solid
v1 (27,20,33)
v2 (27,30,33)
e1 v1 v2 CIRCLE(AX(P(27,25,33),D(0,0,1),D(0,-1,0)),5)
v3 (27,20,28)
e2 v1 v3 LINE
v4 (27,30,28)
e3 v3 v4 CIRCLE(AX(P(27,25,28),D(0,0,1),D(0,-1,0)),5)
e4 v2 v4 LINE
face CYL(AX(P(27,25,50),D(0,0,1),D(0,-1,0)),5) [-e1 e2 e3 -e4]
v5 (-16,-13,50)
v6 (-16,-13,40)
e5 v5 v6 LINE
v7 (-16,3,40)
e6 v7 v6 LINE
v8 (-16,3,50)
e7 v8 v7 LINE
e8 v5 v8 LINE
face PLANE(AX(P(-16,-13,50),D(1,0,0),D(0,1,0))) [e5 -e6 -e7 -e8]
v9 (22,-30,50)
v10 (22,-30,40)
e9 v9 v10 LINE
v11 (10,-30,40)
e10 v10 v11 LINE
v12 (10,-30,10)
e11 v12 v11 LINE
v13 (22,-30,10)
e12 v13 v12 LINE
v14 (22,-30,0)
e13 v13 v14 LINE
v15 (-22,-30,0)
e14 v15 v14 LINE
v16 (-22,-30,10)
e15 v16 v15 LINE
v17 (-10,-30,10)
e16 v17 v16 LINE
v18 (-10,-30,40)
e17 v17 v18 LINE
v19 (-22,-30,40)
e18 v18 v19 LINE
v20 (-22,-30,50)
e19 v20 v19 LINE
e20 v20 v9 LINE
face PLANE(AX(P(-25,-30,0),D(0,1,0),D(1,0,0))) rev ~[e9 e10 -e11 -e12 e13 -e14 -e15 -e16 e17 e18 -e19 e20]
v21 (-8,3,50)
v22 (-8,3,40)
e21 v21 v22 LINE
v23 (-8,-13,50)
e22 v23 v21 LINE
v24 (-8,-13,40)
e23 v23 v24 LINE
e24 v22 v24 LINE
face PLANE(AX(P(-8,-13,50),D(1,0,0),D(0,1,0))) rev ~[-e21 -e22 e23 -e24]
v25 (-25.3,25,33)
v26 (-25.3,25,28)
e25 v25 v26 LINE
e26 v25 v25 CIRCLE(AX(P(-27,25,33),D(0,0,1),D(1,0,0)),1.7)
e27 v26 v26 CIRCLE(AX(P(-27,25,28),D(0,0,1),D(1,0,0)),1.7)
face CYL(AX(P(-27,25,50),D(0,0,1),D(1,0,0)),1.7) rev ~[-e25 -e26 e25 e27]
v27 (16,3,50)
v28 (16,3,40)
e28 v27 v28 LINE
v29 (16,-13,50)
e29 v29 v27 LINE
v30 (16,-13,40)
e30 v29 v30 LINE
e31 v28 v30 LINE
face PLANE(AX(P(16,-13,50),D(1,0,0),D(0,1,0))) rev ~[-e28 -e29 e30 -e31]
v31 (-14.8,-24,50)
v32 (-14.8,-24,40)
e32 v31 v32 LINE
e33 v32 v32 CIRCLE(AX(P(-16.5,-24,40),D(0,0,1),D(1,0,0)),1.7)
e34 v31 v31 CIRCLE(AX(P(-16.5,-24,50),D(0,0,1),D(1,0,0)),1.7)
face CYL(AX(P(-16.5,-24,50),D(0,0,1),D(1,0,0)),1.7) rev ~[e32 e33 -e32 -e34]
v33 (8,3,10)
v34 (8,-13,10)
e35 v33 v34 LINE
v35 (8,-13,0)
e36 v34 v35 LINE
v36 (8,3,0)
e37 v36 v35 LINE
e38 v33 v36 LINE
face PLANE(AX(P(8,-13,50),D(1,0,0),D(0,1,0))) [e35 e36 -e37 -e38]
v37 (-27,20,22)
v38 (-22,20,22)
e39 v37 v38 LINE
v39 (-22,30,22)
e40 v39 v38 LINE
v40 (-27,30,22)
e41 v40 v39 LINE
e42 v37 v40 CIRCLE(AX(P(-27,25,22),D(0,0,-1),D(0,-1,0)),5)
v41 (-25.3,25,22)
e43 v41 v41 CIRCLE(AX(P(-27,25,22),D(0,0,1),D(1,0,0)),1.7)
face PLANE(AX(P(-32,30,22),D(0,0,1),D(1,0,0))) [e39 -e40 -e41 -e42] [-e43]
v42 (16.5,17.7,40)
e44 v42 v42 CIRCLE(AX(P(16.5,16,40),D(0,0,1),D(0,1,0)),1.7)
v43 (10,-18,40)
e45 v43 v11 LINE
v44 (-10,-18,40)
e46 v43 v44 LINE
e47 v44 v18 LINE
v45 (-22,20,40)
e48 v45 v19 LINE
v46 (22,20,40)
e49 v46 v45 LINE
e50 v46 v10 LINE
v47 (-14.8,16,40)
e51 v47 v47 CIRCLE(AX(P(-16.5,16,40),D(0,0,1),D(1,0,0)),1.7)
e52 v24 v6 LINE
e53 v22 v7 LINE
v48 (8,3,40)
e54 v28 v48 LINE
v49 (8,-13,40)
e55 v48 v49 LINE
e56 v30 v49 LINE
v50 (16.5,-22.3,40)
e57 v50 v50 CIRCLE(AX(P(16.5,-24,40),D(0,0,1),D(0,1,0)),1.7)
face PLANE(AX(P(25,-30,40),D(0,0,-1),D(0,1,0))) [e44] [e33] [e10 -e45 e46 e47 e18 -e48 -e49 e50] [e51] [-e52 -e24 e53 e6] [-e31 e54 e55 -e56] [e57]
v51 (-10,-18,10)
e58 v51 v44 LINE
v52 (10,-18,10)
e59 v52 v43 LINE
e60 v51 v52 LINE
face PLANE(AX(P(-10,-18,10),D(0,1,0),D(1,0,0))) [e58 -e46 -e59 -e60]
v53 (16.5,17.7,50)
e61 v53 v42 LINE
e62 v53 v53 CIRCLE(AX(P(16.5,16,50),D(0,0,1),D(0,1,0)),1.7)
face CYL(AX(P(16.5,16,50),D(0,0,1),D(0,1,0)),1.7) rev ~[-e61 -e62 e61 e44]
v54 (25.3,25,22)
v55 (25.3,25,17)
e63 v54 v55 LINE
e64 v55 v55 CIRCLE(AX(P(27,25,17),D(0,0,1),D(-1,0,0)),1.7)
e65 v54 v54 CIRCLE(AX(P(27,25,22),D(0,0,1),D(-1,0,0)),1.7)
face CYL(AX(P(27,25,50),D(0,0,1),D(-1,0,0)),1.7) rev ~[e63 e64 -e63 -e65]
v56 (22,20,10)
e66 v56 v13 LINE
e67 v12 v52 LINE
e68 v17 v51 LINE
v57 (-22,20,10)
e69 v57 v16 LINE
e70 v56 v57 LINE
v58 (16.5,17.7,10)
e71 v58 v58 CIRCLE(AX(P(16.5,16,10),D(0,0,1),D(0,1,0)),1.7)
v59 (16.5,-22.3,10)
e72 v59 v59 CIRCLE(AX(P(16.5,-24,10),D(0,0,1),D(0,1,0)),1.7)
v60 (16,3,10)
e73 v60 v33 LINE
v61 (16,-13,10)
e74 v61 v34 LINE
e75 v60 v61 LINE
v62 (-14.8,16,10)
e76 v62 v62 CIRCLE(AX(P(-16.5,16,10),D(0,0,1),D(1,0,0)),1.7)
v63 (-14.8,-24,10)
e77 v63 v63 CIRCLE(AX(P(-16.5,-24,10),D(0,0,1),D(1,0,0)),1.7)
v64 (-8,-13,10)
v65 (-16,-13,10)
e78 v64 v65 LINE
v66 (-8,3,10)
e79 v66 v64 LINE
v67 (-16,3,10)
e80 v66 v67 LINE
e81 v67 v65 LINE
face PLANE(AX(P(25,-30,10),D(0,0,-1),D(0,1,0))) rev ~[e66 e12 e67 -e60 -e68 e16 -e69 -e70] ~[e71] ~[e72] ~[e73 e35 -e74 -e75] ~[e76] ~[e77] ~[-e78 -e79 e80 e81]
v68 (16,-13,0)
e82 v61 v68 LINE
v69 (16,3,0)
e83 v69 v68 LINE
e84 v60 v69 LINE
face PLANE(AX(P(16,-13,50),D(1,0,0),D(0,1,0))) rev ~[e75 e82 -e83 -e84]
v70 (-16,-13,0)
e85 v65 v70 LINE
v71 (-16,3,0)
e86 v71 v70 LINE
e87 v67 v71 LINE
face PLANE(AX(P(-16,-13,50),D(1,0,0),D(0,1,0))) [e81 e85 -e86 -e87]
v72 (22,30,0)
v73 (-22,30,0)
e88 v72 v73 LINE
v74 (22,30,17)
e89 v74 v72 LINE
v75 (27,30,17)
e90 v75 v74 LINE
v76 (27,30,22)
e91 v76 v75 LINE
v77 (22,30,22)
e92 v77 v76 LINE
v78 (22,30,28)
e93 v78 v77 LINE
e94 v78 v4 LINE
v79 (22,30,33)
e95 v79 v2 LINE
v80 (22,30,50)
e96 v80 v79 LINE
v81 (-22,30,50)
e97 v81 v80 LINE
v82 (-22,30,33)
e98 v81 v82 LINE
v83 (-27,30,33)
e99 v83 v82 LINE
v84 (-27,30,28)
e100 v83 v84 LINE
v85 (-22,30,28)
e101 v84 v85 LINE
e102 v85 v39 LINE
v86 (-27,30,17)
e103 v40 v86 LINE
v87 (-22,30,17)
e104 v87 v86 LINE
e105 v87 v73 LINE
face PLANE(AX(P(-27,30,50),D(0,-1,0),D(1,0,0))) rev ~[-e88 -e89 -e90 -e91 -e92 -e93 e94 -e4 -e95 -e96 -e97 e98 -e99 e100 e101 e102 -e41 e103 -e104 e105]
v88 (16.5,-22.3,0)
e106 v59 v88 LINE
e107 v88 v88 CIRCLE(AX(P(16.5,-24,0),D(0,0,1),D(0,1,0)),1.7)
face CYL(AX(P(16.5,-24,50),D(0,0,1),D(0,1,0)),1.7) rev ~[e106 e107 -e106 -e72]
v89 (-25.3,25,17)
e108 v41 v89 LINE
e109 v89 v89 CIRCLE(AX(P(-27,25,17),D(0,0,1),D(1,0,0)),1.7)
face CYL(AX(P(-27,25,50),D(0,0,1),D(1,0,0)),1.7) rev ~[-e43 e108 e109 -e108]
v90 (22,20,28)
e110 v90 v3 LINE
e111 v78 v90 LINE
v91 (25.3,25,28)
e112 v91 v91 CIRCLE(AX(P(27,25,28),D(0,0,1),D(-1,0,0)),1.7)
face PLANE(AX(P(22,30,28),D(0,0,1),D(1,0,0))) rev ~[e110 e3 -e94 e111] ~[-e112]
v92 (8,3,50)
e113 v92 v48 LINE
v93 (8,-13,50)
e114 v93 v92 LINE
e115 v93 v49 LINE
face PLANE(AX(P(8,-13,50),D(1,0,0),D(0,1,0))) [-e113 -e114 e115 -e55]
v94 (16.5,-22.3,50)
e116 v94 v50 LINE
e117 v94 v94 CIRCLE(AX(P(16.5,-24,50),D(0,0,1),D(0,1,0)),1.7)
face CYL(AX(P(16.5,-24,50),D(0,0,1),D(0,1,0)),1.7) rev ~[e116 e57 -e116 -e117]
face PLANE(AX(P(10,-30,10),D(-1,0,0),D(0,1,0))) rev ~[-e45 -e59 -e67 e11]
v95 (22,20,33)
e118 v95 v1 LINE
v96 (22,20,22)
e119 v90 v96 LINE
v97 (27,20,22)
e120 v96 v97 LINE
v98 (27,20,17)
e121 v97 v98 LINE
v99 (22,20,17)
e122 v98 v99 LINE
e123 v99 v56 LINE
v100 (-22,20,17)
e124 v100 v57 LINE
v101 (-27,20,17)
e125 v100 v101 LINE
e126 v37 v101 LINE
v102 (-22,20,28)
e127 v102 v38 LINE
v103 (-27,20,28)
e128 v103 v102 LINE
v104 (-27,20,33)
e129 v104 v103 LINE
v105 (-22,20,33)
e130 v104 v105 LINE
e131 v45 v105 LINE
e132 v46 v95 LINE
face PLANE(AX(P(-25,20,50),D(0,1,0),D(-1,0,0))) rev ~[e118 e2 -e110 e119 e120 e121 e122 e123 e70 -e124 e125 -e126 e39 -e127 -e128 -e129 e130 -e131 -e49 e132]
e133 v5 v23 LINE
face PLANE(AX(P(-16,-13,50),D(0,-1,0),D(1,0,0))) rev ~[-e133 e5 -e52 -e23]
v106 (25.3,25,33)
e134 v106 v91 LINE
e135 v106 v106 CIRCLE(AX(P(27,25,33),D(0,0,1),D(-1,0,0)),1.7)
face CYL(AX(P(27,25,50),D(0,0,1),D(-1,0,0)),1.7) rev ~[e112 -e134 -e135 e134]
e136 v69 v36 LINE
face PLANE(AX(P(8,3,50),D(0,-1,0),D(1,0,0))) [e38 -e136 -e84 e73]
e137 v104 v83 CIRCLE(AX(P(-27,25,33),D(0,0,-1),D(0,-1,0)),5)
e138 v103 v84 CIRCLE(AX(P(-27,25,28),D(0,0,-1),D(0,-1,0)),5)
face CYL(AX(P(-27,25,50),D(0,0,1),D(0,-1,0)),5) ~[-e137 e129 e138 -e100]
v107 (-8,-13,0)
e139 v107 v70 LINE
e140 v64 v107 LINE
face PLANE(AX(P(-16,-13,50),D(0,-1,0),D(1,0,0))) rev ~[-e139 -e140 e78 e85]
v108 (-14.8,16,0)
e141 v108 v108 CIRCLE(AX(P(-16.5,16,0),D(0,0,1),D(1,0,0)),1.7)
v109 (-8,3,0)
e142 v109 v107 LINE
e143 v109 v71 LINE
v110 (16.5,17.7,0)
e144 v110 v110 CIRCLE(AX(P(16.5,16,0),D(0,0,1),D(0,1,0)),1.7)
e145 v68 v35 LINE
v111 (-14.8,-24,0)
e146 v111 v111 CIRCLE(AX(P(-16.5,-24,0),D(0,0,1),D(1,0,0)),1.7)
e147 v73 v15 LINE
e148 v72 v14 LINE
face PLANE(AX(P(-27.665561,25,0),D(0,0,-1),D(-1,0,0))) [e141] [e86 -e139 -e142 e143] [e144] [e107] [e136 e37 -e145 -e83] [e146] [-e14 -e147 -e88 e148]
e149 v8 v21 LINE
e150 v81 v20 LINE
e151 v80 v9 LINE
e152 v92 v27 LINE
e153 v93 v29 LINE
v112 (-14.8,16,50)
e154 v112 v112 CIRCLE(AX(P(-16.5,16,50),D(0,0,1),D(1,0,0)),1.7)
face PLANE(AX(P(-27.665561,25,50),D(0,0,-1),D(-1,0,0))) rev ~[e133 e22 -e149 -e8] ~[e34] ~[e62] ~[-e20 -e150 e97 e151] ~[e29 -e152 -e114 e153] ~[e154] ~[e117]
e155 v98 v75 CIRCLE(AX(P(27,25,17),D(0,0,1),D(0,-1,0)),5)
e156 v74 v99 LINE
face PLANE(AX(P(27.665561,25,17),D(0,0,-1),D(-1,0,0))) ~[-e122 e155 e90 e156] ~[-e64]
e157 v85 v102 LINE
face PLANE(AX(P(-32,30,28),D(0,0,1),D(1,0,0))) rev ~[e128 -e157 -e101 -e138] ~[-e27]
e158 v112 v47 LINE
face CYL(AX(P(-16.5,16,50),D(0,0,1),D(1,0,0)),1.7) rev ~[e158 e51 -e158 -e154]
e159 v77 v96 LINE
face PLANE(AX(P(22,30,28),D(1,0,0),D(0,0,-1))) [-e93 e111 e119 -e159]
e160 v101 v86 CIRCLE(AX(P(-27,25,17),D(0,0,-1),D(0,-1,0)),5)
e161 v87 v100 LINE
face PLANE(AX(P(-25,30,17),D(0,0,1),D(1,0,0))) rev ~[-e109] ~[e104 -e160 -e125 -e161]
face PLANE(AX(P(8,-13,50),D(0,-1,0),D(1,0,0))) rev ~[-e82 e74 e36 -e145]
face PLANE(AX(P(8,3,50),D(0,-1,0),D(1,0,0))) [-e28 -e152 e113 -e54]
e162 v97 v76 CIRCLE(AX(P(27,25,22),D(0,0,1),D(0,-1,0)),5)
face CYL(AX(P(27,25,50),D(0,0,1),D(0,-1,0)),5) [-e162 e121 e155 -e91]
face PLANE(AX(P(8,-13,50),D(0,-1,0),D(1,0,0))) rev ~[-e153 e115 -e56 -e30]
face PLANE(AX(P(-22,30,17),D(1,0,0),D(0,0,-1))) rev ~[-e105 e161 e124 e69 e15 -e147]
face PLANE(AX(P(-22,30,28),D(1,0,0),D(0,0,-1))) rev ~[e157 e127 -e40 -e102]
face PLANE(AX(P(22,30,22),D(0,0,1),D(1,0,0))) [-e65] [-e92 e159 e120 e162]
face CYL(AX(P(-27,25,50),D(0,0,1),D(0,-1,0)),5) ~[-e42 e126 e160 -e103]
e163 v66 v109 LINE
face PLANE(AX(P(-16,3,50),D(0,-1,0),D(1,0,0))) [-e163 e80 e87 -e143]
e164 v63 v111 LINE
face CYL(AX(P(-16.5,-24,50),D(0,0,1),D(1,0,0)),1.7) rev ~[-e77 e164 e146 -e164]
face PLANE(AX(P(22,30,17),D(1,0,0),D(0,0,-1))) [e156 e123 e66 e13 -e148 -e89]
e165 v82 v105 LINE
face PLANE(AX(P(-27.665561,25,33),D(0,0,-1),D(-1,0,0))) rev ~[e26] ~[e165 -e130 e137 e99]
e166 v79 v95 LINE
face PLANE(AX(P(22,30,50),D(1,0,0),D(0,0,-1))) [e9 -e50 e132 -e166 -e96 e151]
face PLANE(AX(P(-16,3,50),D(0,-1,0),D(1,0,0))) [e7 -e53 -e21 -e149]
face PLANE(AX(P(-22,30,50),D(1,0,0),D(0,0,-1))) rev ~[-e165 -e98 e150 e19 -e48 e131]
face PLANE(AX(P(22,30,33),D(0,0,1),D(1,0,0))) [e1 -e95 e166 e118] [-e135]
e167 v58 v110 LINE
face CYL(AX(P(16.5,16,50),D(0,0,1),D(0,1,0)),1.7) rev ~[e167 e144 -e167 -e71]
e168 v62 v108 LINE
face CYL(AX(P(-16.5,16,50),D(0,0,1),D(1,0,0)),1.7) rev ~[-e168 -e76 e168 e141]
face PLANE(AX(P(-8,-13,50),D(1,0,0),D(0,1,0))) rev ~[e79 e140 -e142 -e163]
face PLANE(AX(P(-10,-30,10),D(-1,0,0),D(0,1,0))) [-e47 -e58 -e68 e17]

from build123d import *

# Parameters (mm, degrees)
SKETCH1_W           = 50
SKETCH1_H           = 60
BOSS_EXTRUDE1_DEPTH = 50
SKETCH2_W           = 30
SKETCH2_H           = 50
CUT_EXTRUDE1_DEPTH  = 77.811457479
SKETCH3_R           = 1.7
CUT_EXTRUDE2_DEPTH  = 64.442887702
SKETCH4_R           = 1.7
BOSS_EXTRUDE2_DEPTH = 50
CUT_EXTRUDE3_DEPTH  = 17
SKETCH7_W           = 10
SKETCH7_H           = 6
CUT_EXTRUDE4_DEPTH  = 10
SKETCH8_W           = 3
SKETCH8_H           = 17
CUT_EXTRUDE5_DEPTH  = 85.403791384
BOSS_EXTRUDE3_REACH = 61.363
SKETCH10_W          = 20
SKETCH10_H          = 12
SKETCH12_W          = 8
SKETCH12_H          = 16
CUT_EXTRUDE6_DEPTH  = 67.513156593


with BuildPart() as part:
    # Sketch1 → Boss-Extrude1 (new body)
    with BuildSketch(Plane.XY):
        Rectangle(SKETCH1_W, SKETCH1_H)
    extrude(amount=BOSS_EXTRUDE1_DEPTH)

    # Sketch2 → Cut-Extrude1 (cut, through all)
    with BuildSketch(Plane(origin=(25, 0, 0), x_dir=(0, 0, -1), z_dir=(1, 0, 0))):
        with Locations((-25, -5)):
            Rectangle(SKETCH2_W, SKETCH2_H)
    extrude(amount=-CUT_EXTRUDE1_DEPTH, mode=Mode.SUBTRACT)

    # Sketch3 → Cut-Extrude2 (cut, through all)
    with BuildSketch(Plane.XY.offset(50)):
        with Locations((-16.5, -24)):
            Circle(SKETCH3_R)
        with Locations((-16.5, 16)):
            Circle(SKETCH3_R)
        with Locations(Location((16.5, -24, 0), (0, 0, 90))):
            Circle(SKETCH3_R)
        with Locations(Location((16.5, 16, 0), (0, 0, 90))):
            Circle(SKETCH3_R)
    extrude(amount=-CUT_EXTRUDE2_DEPTH, mode=Mode.SUBTRACT)

    # Sketch4 → Boss-Extrude2 (add)
    # profile 1 of 2: a face of its own
    with BuildSketch(Plane.XY.offset(50)):
        with BuildLine():
            Line((-25, 30), (-25, 20))
            Line((-25, 20), (-27, 20))
            ThreePointArc((-27, 20), (-32, 25), (-27, 30))
            Line((-27, 30), (-25, 30))
        make_face()
        with Locations((-27, 25)):
            Circle(SKETCH4_R, mode=Mode.SUBTRACT)
    # profile 2 of 2: a face of its own
    with BuildSketch(Plane.XY.offset(50)):
        with BuildLine():
            Line((27, 30), (25, 30))
            Line((25, 30), (25, 20))
            Line((25, 20), (27, 20))
            ThreePointArc((27, 20), (32, 25), (27, 30))
        make_face()
        with Locations(Location((27, 25, 0), (0, 0, 180))):
            Circle(SKETCH4_R, mode=Mode.SUBTRACT)
    extrude(amount=-BOSS_EXTRUDE2_DEPTH)

    # Sketch6 → Cut-Extrude3 (cut)
    with BuildSketch(Plane.XY.offset(50)):
        with BuildLine():
            Line((25, 30), (25, 20))
            Line((25, 20), (27, 20))
            ThreePointArc((27, 20), (32, 25), (27, 30))
            Line((27, 30), (25, 30))
        make_face()
        with BuildLine():
            Line((-27, 30), (-25, 30))
            Line((-25, 30), (-25, 20))
            Line((-25, 20), (-27, 20))
            ThreePointArc((-27, 20), (-32, 25), (-27, 30))
        make_face()
    cut_extrude3 = extrude(amount=-CUT_EXTRUDE3_DEPTH, mode=Mode.SUBTRACT)

    # Sketch7 → Cut-Extrude4 (cut)
    with BuildSketch(Plane(origin=(0, 30, 0), x_dir=(1, 0, 0), z_dir=(0, 1, 0))):
        with Locations((27, -25)):
            Rectangle(SKETCH7_W, SKETCH7_H)
        with Locations((-27, -25)):
            Rectangle(SKETCH7_W, SKETCH7_H)
    extrude(amount=-CUT_EXTRUDE4_DEPTH, mode=Mode.SUBTRACT)

    # Mirror1: Cut-Extrude3 across plane
    add(cut_extrude3.mirror(Plane(origin=(0, 0, 25), x_dir=(1, 0, 0), z_dir=(0, 0, -1))), mode=Mode.SUBTRACT)

    # Sketch8 → Cut-Extrude5 (cut, through all)
    with BuildSketch(Plane(origin=(0, 30, 0), x_dir=(1, 0, 0), z_dir=(0, 1, 0))):
        with Locations((-23.5, -41.5)):
            Rectangle(SKETCH8_W, SKETCH8_H)
        with Locations((-23.5, -8.5)):
            Rectangle(SKETCH8_W, SKETCH8_H)
        with Locations((23.5, -41.5)):
            Rectangle(SKETCH8_W, SKETCH8_H)
        with Locations((23.5, -8.5)):
            Rectangle(SKETCH8_W, SKETCH8_H)
    extrude(amount=-CUT_EXTRUDE5_DEPTH, mode=Mode.SUBTRACT)

    # Sketch10 → Boss-Extrude3 (add, up to next)
    with BuildSketch(Plane.XY.offset(10), mode=Mode.PRIVATE) as boss_extrude3_sk1:
        with Locations((0, -24)):
            Rectangle(SKETCH10_W, SKETCH10_H)
    boss_extrude3_tool1 = extrude(boss_extrude3_sk1.sketch, amount=BOSS_EXTRUDE3_REACH, mode=Mode.PRIVATE) - part.part
    add(boss_extrude3_tool1.solids().sort_by_distance((0, -24, 10))[0])

    # Sketch12 → Cut-Extrude6 (cut, through all)
    with BuildSketch(Plane.XY.offset(50)):
        with Locations((-12, -5)):
            Rectangle(SKETCH12_W, SKETCH12_H)
        with Locations((12, -5)):
            Rectangle(SKETCH12_W, SKETCH12_H)
    extrude(amount=-CUT_EXTRUDE6_DEPTH, mode=Mode.SUBTRACT)


solid = part.part
